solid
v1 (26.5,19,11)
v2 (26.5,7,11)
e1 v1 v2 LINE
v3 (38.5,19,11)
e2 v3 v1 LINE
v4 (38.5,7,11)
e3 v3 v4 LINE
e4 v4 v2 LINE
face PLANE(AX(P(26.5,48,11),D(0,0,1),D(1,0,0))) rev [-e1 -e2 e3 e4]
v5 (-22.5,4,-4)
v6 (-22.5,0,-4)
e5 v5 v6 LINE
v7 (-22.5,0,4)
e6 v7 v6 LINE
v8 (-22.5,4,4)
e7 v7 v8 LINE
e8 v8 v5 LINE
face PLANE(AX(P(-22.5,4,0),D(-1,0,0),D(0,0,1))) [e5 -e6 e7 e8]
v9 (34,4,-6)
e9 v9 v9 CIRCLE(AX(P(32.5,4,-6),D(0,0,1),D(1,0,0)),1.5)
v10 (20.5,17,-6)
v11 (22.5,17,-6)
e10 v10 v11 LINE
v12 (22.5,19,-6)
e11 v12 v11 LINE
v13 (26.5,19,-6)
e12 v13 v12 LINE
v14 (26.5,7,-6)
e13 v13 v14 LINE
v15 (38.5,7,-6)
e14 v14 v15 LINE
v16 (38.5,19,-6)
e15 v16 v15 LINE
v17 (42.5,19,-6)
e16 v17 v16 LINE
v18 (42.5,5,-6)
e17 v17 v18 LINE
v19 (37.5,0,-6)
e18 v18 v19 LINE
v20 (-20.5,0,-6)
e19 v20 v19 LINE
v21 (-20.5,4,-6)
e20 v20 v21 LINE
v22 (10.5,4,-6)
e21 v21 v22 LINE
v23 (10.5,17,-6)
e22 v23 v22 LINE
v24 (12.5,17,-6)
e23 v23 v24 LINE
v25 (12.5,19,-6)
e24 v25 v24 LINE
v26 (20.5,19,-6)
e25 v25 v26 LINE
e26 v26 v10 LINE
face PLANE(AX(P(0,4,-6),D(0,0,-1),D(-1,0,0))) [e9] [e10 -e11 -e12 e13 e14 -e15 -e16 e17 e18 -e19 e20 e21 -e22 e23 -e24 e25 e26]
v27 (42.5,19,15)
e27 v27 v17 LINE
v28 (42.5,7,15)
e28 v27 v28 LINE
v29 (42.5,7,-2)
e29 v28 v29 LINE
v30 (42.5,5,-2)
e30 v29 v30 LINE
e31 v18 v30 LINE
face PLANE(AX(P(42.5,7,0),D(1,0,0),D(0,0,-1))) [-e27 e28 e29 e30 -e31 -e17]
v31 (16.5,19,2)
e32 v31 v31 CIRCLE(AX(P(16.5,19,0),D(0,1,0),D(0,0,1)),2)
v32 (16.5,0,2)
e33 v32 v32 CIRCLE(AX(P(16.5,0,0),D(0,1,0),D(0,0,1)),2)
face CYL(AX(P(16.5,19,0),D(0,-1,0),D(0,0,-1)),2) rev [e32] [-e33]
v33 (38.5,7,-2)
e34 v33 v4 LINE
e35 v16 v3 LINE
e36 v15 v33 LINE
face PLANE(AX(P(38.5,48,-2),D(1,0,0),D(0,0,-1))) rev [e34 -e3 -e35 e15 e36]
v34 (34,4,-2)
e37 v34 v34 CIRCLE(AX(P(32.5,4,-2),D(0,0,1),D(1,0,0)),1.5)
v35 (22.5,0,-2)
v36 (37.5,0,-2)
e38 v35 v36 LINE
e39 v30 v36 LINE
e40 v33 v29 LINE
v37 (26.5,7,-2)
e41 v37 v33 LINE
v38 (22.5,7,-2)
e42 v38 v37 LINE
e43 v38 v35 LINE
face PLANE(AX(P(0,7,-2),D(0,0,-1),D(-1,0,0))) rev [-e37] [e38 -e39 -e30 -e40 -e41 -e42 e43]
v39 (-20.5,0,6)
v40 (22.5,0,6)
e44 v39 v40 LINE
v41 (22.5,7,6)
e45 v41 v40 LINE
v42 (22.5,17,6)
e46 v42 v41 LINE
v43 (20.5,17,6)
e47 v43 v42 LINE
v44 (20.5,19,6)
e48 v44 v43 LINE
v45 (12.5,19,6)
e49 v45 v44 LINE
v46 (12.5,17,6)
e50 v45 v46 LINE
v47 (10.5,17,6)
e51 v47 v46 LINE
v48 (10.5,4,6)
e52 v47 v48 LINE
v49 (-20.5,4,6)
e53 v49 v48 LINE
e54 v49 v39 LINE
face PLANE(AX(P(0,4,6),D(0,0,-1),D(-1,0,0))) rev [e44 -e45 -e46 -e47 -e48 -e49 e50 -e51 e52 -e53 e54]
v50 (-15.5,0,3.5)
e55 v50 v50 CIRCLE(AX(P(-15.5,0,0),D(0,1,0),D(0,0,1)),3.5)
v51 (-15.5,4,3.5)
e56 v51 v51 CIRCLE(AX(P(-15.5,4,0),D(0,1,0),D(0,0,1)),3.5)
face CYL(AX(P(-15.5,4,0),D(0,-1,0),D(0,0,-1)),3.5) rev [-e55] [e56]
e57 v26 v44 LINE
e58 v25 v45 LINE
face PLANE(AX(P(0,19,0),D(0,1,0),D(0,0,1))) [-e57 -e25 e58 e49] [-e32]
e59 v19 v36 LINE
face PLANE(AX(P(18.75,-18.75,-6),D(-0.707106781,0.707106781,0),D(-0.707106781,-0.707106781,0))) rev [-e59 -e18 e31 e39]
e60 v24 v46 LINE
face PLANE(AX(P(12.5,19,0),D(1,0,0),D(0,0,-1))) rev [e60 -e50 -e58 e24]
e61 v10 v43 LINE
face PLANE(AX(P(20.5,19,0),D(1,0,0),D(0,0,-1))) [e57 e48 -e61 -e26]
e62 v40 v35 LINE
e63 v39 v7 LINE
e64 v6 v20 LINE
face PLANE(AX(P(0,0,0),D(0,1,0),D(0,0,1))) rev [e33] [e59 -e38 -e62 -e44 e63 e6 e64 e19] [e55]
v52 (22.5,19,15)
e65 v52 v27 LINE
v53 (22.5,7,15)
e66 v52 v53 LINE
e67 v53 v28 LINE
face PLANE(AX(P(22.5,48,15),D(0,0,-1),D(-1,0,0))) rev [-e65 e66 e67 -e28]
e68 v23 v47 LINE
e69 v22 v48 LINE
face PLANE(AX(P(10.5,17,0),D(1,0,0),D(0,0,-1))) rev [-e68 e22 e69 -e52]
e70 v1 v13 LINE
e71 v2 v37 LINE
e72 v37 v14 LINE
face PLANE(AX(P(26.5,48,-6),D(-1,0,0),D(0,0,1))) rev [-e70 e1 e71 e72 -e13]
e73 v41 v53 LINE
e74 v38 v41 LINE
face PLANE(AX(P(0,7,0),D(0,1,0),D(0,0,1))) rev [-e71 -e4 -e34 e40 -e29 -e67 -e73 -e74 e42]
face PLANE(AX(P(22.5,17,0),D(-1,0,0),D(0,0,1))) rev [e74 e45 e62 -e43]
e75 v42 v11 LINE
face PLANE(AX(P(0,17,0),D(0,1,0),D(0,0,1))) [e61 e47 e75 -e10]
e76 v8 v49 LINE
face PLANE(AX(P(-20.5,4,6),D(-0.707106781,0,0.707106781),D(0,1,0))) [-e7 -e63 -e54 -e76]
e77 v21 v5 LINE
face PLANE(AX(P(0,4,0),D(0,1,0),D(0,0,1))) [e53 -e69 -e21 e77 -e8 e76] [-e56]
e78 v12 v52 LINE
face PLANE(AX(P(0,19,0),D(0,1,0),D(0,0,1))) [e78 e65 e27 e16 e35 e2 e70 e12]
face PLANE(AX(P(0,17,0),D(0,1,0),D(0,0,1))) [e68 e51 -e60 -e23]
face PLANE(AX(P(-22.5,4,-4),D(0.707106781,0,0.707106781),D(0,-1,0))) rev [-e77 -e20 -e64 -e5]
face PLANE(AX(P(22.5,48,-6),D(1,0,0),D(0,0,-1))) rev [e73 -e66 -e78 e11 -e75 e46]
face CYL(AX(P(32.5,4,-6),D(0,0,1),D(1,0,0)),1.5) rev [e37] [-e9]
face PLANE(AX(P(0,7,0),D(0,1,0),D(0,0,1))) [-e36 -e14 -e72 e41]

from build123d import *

# Parameters (mm, degrees)
SKETCH1_W           = 33
SKETCH1_H           = 12
SKETCH1_R           = 3.5
BOSS_EXTRUDE1_DEPTH = 4
SKETCH1_4_W         = 2
SKETCH1_4_H         = 12
BOSS_EXTRUDE2_DEPTH = 17
SKETCH1_5_W         = 8
SKETCH1_5_H         = 12
SKETCH1_5_R         = 2
BOSS_EXTRUDE3_DEPTH = 19
SKETCH1_6_W         = 20
SKETCH1_6_H         = 4
BOSS_EXTRUDE4_DEPTH = 7
BOSS_EXTRUDE5_DEPTH = 12
CHAMFER1_SIZE       = 2
SKETCH3_R           = 1.5
CUT_EXTRUDE1_DEPTH  = 50.560569004


with BuildPart() as part:
    # Sketch1 → Boss-Extrude1 (new body)
    with BuildSketch(Plane(origin=(0, 0, 0), x_dir=(1, 0, 0), z_dir=(0, 1, 0))):
        with Locations((-6, 0)):
            Rectangle(SKETCH1_W, SKETCH1_H)
        with Locations(Location((-15.5, 0, 0), (0, 0, 270))):
            Circle(SKETCH1_R, mode=Mode.SUBTRACT)
    extrude(amount=BOSS_EXTRUDE1_DEPTH)

    # Sketch1<4> → Boss-Extrude2 (add)
    with BuildSketch(Plane(origin=(0, 0, 0), x_dir=(1, 0, 0), z_dir=(0, 1, 0))):
        with Locations((11.5, 0)):
            Rectangle(SKETCH1_4_W, SKETCH1_4_H)
        Polygon((22.5, 6), (20.5, 6), (20.5, -6), (22.5, -6), (22.5, 2), align=None)
    extrude(amount=BOSS_EXTRUDE2_DEPTH)


with BuildPart() as boss_extrude2_piece_1:
    # of the separate pieces the step leaves, piece 1, a body of its own (boss_extrude2_pieces)
    add(part.part.solids().sort_by_distance((-22.5, 0, -6))[0])



with BuildPart() as boss_extrude2_piece_2:
    # of the separate pieces the step leaves, piece 2, a body of its own (boss_extrude2_pieces)
    add(part.part.solids().sort_by_distance((20.5, 0, 6))[0])


with BuildPart() as boss_extrude2_piece_1_1:
    add(boss_extrude2_piece_1.part)

    add(boss_extrude2_piece_2.part)  # Boss-Extrude3 merges Boss-Extrude2 piece 2
    # Sketch1<5> → Boss-Extrude3 (add)
    with BuildSketch(Plane(origin=(0, 0, 0), x_dir=(1, 0, 0), z_dir=(0, 1, 0))):
        with Locations((16.5, 0)):
            Rectangle(SKETCH1_5_W, SKETCH1_5_H)
        with Locations(Location((16.5, 0, 0), (0, 0, 270))):
            Circle(SKETCH1_5_R, mode=Mode.SUBTRACT)
    extrude(amount=BOSS_EXTRUDE3_DEPTH)

    # Sketch1<6> → Boss-Extrude4 (add)
    with BuildSketch(Plane(origin=(0, 0, 0), x_dir=(1, 0, 0), z_dir=(0, 1, 0))):
        with Locations((32.5, 4)):
            Rectangle(SKETCH1_6_W, SKETCH1_6_H)
    extrude(amount=BOSS_EXTRUDE4_DEPTH)

    # Sketch2 → Boss-Extrude5 (add)
    with BuildSketch(Plane(origin=(0, 7, 0), x_dir=(1, 0, 0), z_dir=(0, 1, 0))):
        Polygon((22.5, 6), (26.5, 6), (26.5, 2), (26.5, -11), (38.5, -11), (38.5, 2), (38.5, 6), (42.5, 6), (42.5, -15), (22.5, -15), align=None)
    extrude(amount=BOSS_EXTRUDE5_DEPTH)

    # Chamfer1
    chamfer1_edges = [boss_extrude2_piece_1_1.edges().sort_by_distance(p)[0] for p in [
        (-22.5, 2, 6),
        (-22.5, 2, -6),
    ]]
    chamfer(chamfer1_edges, length=CHAMFER1_SIZE)

    # Sketch3 → Cut-Extrude1 (cut, through all)
    with BuildSketch(Plane.XY.offset(-2)):
        with Locations((32.5, 4)):
            Circle(SKETCH3_R)
        Polygon((42.5, 0), (42.5, 5), (37.5, 0), align=None)
    extrude(amount=-CUT_EXTRUDE1_DEPTH, mode=Mode.SUBTRACT)


solid = boss_extrude2_piece_1_1.part
